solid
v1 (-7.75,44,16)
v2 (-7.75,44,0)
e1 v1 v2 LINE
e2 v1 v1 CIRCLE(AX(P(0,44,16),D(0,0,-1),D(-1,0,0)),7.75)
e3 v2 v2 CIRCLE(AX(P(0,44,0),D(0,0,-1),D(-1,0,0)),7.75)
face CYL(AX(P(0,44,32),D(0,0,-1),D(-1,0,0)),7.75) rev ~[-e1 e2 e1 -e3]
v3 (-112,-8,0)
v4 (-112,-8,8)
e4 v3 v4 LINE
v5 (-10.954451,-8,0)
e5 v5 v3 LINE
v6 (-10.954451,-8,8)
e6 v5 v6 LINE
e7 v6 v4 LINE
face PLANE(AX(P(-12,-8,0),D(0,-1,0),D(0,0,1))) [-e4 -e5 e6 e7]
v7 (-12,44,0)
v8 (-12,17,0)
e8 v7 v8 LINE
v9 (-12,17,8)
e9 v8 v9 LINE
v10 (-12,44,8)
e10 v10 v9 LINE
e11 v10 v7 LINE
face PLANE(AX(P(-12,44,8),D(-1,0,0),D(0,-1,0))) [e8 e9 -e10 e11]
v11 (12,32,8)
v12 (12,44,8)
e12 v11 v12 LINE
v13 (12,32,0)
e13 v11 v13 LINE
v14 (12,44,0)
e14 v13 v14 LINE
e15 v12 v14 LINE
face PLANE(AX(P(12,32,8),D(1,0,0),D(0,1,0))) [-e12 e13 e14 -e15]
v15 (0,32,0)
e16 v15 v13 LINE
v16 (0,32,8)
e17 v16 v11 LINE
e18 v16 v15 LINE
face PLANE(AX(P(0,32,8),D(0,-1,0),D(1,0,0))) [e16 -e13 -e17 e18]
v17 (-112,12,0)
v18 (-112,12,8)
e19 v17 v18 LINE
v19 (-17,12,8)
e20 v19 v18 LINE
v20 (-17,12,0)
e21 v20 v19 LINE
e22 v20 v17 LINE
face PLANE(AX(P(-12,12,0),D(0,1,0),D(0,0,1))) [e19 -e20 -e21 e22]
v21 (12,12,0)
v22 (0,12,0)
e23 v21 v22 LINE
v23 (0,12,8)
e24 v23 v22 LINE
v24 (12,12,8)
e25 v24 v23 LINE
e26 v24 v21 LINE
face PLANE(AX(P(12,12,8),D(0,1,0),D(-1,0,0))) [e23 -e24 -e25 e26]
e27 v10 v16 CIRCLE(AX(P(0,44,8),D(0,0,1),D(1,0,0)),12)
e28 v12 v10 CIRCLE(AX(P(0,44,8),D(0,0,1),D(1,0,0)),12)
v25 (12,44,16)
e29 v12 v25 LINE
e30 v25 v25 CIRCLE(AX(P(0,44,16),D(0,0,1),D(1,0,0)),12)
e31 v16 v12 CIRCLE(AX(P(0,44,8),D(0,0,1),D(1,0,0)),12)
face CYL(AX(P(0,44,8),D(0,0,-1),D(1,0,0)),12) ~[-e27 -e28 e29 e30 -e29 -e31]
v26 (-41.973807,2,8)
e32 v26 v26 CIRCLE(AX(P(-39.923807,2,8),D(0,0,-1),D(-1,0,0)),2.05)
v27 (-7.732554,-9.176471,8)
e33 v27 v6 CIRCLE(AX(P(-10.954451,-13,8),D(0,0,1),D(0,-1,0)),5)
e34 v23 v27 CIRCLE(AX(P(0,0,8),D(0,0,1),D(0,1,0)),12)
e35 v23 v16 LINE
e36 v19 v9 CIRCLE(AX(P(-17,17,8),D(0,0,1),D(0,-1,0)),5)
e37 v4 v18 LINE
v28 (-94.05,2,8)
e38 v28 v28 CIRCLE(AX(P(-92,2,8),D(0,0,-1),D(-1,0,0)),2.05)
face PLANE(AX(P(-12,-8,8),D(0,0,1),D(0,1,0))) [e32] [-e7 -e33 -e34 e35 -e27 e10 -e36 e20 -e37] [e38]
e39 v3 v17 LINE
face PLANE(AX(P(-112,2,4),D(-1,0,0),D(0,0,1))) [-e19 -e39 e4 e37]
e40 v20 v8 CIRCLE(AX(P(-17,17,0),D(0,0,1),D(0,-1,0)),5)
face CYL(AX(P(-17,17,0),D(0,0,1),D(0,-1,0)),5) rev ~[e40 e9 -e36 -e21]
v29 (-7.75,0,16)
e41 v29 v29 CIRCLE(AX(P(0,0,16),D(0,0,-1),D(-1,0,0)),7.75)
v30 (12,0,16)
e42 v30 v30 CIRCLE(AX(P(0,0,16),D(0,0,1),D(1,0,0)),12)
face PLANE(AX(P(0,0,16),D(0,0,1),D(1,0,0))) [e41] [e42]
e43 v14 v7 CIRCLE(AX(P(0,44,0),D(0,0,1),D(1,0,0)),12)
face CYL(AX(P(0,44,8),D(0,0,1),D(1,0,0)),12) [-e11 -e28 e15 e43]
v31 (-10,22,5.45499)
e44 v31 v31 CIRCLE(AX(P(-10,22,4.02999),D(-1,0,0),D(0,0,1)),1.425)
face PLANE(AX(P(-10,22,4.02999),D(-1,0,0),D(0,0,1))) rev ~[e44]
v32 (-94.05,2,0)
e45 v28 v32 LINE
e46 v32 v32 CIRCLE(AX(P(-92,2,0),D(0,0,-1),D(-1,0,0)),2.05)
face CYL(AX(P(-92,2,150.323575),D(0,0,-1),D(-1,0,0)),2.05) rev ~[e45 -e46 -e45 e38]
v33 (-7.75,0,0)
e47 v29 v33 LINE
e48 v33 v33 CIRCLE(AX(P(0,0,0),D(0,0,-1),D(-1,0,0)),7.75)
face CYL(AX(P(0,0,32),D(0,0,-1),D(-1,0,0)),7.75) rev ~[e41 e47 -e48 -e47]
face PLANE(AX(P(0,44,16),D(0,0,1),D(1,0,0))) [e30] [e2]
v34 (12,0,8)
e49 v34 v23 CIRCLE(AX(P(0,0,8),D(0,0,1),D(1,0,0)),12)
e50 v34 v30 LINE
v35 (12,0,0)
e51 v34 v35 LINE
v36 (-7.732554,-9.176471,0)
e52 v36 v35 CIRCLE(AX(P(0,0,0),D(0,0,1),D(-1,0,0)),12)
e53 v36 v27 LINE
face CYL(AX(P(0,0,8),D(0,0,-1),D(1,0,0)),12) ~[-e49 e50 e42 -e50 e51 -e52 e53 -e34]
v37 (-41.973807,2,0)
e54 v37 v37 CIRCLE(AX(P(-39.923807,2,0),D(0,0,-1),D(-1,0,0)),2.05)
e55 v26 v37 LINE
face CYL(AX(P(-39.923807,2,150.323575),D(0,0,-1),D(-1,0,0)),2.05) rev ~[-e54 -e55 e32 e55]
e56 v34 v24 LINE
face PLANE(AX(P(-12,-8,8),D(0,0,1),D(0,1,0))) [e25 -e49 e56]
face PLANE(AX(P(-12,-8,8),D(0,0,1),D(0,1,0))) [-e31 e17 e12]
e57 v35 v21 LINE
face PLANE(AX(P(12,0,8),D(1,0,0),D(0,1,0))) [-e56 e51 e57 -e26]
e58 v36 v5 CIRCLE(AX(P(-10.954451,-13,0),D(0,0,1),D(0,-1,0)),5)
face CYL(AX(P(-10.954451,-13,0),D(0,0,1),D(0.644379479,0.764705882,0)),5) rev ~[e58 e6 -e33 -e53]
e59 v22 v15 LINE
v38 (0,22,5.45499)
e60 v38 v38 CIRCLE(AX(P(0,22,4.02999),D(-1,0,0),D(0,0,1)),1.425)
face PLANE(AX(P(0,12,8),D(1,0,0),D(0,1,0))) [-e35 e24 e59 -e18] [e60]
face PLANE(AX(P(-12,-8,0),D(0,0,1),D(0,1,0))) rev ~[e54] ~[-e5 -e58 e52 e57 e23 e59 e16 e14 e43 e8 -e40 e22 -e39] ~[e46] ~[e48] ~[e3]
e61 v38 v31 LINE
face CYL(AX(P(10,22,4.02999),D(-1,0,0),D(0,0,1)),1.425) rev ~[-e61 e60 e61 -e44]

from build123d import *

# Parameters (mm, degrees)
BOSS_EXTRU_1_DEPTH                    = 8
ESQUISSE2_W                           = 8
ESQUISSE2_H                           = 20
BOSS_EXTRU_2_DEPTH                    = 100
BOSS_EXTRU_2_DEPTH_BACK               = 5
ESQUISSE3_R                           = 12
BOSS_EXTRU_3_DEPTH                    = 8
ESQUISSE4_R                           = 12
BOSS_EXTRU_4_DEPTH                    = 8
DIAM_TRE_DU_PER_AGE_4_1_4_1_1_D       = 4.1
DIAM_TRE_DU_PER_AGE_15_5_15_5_1_D     = 15.5
DIAM_TRE_DU_PER_AGE_15_5_15_5_1_DEPTH = 16
D_GAGEMENT_M2_51_D                    = 2.85
D_GAGEMENT_M2_51_DEPTH                = 10
CONG_1_R                              = 5


with BuildPart() as part:
    # Esquisse1 → Boss.-Extru.1 (new body)
    with BuildSketch(Plane.XY.offset(8)):
        with BuildLine():
            Line((-12, 44.000000179), (-12, 0))
            ThreePointArc((-12, 0), (0, -12), (12, 0))
            Line((12, 0), (12, 12))
            Line((12, 12), (0, 12))
            Line((0, 12), (0, 32))
            Line((0, 32), (12, 32))
            Line((12, 32), (12, 44.000000179))
            ThreePointArc((12, 44.000000179), (0, 56.000000179), (-12, 44.000000179))
        make_face()
    extrude(amount=-BOSS_EXTRU_1_DEPTH)

    # Esquisse2 → Boss.-Extru.2 (add, two sides)
    with BuildSketch(Plane.ZY.offset(12)) as boss_extru_2_sk:
        with Locations((4, 2)):
            Rectangle(ESQUISSE2_W, ESQUISSE2_H)
    extrude(amount=BOSS_EXTRU_2_DEPTH)
    extrude(boss_extru_2_sk.sketch, amount=-BOSS_EXTRU_2_DEPTH_BACK)

    # Esquisse3 → Boss.-Extru.3 (add)
    with BuildSketch(Plane.XY.offset(8)):
        with Locations((0, 44)):
            Circle(ESQUISSE3_R)
    extrude(amount=BOSS_EXTRU_3_DEPTH)

    # Esquisse4 → Boss.-Extru.4 (add)
    with BuildSketch(Plane.XY.offset(8)):
        Circle(ESQUISSE4_R)
    extrude(amount=BOSS_EXTRU_4_DEPTH)

    # Diamètre du perçage Ø4.1 (4.1)1 (through all)
    with Locations(Plane.XY.offset(8)):
        with Locations((-39.923806844, 2), (-92, 2)):
            Hole(DIAM_TRE_DU_PER_AGE_4_1_4_1_1_D / 2)

    # Diamètre du perçage Ø15.5 (15.5)1
    with Locations(Plane.XY.offset(16)):
        with Locations((0, 44), (0, 0)):
            Hole(DIAM_TRE_DU_PER_AGE_15_5_15_5_1_D / 2, depth=DIAM_TRE_DU_PER_AGE_15_5_15_5_1_DEPTH)

    # Dégagement M2.51
    with Locations(Plane(origin=(0, 0, 0), x_dir=(0, 0, -1), z_dir=(1, 0, 0))):
        with Locations((-4.029990313, 22)):
            Hole(D_GAGEMENT_M2_51_D / 2, depth=D_GAGEMENT_M2_51_DEPTH)

    # Congé1
    cong_1_edges = [part.edges().sort_by_distance(p)[0] for p in [
        (-12, 12, 4),
        (-8.94427191, -8, 4),
    ]]
    fillet(cong_1_edges, radius=CONG_1_R)


solid = part.part
